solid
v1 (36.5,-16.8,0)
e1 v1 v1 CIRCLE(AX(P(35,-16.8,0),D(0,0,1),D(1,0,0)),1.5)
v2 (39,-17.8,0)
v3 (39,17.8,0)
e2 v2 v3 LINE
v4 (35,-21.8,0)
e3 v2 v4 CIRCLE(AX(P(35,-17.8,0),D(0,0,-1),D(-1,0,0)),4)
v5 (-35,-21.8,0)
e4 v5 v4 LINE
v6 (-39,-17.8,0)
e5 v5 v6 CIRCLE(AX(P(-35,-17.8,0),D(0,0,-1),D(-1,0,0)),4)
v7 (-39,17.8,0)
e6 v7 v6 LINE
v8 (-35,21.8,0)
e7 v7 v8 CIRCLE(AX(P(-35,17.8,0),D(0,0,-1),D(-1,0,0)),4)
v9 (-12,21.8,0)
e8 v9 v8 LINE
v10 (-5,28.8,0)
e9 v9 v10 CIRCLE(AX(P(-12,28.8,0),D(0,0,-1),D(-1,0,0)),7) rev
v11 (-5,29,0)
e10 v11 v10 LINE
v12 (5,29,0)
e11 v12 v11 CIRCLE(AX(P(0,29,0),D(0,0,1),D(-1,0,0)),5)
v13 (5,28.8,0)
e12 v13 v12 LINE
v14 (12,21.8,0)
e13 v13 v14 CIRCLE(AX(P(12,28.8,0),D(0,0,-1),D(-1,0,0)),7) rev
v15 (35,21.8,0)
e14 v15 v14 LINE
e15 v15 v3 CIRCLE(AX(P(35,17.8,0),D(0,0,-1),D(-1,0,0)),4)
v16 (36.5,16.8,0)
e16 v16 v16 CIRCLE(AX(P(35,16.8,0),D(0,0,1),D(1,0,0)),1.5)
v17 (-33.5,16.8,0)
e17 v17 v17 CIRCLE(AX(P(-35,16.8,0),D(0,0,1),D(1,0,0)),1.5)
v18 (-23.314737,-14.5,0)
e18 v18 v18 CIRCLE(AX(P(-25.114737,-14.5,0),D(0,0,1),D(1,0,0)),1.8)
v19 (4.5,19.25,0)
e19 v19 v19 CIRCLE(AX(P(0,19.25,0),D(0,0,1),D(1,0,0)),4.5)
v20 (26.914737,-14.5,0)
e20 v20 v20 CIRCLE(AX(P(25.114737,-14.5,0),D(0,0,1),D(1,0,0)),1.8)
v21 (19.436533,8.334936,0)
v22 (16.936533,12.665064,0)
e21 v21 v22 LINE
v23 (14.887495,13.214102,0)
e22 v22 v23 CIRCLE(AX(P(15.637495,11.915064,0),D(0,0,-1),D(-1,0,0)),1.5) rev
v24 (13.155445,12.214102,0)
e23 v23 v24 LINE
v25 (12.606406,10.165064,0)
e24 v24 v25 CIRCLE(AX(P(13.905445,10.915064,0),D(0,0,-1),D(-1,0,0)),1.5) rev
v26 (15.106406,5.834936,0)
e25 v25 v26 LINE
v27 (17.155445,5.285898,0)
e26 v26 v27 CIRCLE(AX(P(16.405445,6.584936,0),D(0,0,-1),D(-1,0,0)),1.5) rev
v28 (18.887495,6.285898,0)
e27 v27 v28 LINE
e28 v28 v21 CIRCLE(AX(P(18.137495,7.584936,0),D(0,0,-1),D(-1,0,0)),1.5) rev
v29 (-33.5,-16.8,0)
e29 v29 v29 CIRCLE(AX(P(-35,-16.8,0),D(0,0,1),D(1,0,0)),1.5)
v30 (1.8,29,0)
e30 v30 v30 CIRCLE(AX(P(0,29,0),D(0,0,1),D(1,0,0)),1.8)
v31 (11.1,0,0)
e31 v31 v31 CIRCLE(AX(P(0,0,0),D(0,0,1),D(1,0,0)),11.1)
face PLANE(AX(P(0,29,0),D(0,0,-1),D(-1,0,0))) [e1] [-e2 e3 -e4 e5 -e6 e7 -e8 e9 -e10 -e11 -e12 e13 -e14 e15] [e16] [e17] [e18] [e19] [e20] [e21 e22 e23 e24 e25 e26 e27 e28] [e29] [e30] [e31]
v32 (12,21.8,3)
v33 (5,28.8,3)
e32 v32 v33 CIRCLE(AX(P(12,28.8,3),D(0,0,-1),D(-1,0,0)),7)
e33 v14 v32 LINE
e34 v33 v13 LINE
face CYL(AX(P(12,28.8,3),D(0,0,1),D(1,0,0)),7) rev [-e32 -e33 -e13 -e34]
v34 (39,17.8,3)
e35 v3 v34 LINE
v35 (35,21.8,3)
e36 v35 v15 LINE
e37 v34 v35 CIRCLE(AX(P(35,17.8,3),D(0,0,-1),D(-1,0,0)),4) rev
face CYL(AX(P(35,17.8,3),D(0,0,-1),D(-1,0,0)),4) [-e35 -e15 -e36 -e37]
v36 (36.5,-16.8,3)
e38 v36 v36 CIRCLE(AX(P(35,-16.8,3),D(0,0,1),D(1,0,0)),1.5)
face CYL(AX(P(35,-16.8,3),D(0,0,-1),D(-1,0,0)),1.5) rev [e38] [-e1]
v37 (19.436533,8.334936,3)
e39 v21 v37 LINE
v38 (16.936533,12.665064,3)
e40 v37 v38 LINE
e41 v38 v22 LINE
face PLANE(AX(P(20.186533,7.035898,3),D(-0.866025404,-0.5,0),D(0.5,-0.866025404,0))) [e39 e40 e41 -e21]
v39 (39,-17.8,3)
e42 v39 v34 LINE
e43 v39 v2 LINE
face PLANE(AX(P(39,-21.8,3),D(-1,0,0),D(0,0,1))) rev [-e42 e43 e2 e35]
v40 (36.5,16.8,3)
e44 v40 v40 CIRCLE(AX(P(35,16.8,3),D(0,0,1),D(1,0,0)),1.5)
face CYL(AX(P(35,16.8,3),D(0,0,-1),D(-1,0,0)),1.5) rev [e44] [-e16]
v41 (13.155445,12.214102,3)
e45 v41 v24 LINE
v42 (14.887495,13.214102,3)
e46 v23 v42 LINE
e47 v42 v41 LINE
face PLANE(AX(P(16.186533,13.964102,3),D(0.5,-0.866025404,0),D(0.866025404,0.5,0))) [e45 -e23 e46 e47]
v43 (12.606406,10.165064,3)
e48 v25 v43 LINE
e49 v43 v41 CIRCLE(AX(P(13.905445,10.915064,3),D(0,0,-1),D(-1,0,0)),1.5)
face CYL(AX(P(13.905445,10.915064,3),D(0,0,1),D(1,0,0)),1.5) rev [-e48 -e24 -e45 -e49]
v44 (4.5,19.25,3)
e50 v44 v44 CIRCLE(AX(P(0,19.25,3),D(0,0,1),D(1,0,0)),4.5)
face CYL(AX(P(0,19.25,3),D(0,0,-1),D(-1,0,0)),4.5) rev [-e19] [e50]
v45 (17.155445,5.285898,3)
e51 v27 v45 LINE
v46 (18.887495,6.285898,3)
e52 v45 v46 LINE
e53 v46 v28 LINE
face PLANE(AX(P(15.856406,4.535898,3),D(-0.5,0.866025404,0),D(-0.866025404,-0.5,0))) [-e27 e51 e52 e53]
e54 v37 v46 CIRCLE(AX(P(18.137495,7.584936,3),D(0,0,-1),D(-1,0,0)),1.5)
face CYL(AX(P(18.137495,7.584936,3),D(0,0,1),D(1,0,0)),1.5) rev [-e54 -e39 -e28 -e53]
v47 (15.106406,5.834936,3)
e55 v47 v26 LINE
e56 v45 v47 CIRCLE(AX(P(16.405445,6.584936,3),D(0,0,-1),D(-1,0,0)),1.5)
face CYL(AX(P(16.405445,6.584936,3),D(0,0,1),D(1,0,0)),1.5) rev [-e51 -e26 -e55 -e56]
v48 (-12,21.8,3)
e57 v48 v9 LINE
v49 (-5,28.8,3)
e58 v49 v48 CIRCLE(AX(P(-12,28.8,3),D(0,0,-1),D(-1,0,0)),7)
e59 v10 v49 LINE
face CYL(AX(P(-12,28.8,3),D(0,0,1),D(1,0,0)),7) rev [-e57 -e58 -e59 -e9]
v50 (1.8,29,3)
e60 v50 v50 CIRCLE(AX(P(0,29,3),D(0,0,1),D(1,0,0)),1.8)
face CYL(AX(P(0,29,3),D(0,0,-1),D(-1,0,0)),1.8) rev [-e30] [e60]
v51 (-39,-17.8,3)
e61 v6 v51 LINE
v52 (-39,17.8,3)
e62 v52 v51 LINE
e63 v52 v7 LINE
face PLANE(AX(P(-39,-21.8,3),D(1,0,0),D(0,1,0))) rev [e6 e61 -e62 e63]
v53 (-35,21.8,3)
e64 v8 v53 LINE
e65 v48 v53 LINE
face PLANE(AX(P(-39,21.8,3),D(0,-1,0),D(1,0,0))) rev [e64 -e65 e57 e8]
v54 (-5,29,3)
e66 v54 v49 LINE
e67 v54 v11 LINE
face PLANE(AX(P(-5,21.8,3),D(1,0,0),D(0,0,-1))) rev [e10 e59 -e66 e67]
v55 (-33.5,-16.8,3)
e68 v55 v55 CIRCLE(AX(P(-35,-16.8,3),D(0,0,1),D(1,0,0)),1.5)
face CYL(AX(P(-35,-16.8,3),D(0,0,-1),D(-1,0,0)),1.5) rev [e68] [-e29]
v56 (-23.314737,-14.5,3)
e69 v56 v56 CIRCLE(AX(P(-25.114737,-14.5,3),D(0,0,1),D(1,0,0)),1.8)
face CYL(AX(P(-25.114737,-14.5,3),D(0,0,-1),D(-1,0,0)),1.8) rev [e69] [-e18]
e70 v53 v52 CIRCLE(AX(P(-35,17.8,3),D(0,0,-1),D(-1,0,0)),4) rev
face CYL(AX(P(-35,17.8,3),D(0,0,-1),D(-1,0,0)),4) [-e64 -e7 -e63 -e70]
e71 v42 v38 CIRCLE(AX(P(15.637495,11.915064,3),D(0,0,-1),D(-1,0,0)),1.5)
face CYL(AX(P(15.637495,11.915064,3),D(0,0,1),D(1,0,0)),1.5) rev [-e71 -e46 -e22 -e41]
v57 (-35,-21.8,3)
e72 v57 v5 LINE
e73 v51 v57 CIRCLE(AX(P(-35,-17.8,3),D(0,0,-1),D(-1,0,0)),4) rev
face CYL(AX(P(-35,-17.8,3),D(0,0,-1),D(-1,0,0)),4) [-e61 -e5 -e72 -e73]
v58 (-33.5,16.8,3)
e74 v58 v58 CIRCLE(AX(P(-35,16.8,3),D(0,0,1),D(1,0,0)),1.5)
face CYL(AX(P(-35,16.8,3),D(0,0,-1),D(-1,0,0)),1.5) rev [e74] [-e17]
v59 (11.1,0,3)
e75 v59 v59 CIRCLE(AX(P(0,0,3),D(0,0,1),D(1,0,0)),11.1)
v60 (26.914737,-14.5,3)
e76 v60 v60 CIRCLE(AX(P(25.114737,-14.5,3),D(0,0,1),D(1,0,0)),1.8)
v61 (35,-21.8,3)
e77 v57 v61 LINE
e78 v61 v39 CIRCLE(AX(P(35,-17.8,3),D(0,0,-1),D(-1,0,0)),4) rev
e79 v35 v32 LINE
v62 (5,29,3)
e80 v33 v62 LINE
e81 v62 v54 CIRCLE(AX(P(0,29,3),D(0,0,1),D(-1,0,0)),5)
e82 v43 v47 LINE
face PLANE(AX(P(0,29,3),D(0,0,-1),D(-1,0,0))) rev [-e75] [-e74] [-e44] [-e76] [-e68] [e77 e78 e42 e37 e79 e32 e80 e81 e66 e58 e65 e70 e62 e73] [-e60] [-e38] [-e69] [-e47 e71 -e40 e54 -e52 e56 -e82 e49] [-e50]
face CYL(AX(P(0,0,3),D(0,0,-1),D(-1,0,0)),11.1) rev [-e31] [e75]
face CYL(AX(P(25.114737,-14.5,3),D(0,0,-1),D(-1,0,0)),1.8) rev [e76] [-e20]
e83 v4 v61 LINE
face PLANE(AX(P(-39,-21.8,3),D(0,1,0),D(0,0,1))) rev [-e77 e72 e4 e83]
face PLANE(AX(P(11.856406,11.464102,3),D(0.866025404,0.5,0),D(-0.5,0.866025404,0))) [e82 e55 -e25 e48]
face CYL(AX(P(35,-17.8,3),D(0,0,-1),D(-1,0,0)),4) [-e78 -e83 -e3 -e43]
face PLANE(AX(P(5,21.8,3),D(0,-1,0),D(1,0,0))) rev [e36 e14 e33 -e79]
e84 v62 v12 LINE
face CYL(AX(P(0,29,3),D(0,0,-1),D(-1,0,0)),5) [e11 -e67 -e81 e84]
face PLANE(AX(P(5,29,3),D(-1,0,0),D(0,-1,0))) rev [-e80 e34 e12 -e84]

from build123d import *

# Parameters (mm, degrees)
SKETCH_1_R      = 11.1
SKETCH_1_R_2    = 1.8
SKETCH_1_R_3    = 4.5
SKETCH_1_R_4    = 1.5
EXTRUDE_1_DEPTH = 3
FILLET_1_R      = 1.5
FILLET_2_R      = 7
FILLET_3_R      = 4


with BuildPart() as part:
    # 草图1 → 凸台-拉伸1 (new body)
    with BuildSketch(Plane.XY):
        with BuildLine():
            Line((-5, 21.8), (-5, 29))
            ThreePointArc((-5, 29), (0, 34), (5, 29))
            Line((5, 29), (5, 21.8))
            Line((5, 21.8), (39, 21.8))
            Line((39, 21.8), (39, -21.8))
            Line((39, -21.8), (-39, -21.8))
            Line((-39, -21.8), (-39, 21.8))
            Line((-39, 21.8), (-5, 21.8))
        make_face()
        Circle(SKETCH_1_R, mode=Mode.SUBTRACT)
        with Locations((0, 29)):
            Circle(SKETCH_1_R_2, mode=Mode.SUBTRACT)
        with Locations((25.11473671, -14.5)):
            Circle(SKETCH_1_R_2, mode=Mode.SUBTRACT)
        with Locations((-25.11473671, -14.5)):
            Circle(SKETCH_1_R_2, mode=Mode.SUBTRACT)
        with Locations((0, 19.25)):
            Circle(SKETCH_1_R_3, mode=Mode.SUBTRACT)
        with Locations((35, 16.8)):
            Circle(SKETCH_1_R_4, mode=Mode.SUBTRACT)
        with Locations((35, -16.8)):
            Circle(SKETCH_1_R_4, mode=Mode.SUBTRACT)
        with Locations((-35, 16.8)):
            Circle(SKETCH_1_R_4, mode=Mode.SUBTRACT)
        with Locations((-35, -16.8)):
            Circle(SKETCH_1_R_4, mode=Mode.SUBTRACT)
        Polygon((11.856406461, 11.464101615), (15.856406461, 4.535898385), (20.186533479, 7.035898385), (16.186533479, 13.964101615), align=None, mode=Mode.SUBTRACT)
    extrude(amount=EXTRUDE_1_DEPTH)

    # 圆角1
    fillet_1_edges = [part.edges().sort_by_distance(p)[0] for p in [
        (16.186533479, 13.964101615, 1.5),
        (11.856406461, 11.464101615, 1.5),
        (15.856406461, 4.535898385, 1.5),
        (20.186533479, 7.035898385, 1.5),
    ]]
    fillet(fillet_1_edges, radius=FILLET_1_R)

    # 圆角2
    fillet_2_edges = [part.edges().sort_by_distance(p)[0] for p in [
        (-5, 21.8, 1.5),
        (5, 21.8, 1.5),
    ]]
    fillet(fillet_2_edges, radius=FILLET_2_R)

    # 圆角3
    fillet_3_edges = [part.edges().sort_by_distance(p)[0] for p in [
        (39, 21.8, 1.5),
        (39, -21.8, 1.5),
        (-39, -21.8, 1.5),
        (-39, 21.8, 1.5),
    ]]
    fillet(fillet_3_edges, radius=FILLET_3_R)


solid = part.part
